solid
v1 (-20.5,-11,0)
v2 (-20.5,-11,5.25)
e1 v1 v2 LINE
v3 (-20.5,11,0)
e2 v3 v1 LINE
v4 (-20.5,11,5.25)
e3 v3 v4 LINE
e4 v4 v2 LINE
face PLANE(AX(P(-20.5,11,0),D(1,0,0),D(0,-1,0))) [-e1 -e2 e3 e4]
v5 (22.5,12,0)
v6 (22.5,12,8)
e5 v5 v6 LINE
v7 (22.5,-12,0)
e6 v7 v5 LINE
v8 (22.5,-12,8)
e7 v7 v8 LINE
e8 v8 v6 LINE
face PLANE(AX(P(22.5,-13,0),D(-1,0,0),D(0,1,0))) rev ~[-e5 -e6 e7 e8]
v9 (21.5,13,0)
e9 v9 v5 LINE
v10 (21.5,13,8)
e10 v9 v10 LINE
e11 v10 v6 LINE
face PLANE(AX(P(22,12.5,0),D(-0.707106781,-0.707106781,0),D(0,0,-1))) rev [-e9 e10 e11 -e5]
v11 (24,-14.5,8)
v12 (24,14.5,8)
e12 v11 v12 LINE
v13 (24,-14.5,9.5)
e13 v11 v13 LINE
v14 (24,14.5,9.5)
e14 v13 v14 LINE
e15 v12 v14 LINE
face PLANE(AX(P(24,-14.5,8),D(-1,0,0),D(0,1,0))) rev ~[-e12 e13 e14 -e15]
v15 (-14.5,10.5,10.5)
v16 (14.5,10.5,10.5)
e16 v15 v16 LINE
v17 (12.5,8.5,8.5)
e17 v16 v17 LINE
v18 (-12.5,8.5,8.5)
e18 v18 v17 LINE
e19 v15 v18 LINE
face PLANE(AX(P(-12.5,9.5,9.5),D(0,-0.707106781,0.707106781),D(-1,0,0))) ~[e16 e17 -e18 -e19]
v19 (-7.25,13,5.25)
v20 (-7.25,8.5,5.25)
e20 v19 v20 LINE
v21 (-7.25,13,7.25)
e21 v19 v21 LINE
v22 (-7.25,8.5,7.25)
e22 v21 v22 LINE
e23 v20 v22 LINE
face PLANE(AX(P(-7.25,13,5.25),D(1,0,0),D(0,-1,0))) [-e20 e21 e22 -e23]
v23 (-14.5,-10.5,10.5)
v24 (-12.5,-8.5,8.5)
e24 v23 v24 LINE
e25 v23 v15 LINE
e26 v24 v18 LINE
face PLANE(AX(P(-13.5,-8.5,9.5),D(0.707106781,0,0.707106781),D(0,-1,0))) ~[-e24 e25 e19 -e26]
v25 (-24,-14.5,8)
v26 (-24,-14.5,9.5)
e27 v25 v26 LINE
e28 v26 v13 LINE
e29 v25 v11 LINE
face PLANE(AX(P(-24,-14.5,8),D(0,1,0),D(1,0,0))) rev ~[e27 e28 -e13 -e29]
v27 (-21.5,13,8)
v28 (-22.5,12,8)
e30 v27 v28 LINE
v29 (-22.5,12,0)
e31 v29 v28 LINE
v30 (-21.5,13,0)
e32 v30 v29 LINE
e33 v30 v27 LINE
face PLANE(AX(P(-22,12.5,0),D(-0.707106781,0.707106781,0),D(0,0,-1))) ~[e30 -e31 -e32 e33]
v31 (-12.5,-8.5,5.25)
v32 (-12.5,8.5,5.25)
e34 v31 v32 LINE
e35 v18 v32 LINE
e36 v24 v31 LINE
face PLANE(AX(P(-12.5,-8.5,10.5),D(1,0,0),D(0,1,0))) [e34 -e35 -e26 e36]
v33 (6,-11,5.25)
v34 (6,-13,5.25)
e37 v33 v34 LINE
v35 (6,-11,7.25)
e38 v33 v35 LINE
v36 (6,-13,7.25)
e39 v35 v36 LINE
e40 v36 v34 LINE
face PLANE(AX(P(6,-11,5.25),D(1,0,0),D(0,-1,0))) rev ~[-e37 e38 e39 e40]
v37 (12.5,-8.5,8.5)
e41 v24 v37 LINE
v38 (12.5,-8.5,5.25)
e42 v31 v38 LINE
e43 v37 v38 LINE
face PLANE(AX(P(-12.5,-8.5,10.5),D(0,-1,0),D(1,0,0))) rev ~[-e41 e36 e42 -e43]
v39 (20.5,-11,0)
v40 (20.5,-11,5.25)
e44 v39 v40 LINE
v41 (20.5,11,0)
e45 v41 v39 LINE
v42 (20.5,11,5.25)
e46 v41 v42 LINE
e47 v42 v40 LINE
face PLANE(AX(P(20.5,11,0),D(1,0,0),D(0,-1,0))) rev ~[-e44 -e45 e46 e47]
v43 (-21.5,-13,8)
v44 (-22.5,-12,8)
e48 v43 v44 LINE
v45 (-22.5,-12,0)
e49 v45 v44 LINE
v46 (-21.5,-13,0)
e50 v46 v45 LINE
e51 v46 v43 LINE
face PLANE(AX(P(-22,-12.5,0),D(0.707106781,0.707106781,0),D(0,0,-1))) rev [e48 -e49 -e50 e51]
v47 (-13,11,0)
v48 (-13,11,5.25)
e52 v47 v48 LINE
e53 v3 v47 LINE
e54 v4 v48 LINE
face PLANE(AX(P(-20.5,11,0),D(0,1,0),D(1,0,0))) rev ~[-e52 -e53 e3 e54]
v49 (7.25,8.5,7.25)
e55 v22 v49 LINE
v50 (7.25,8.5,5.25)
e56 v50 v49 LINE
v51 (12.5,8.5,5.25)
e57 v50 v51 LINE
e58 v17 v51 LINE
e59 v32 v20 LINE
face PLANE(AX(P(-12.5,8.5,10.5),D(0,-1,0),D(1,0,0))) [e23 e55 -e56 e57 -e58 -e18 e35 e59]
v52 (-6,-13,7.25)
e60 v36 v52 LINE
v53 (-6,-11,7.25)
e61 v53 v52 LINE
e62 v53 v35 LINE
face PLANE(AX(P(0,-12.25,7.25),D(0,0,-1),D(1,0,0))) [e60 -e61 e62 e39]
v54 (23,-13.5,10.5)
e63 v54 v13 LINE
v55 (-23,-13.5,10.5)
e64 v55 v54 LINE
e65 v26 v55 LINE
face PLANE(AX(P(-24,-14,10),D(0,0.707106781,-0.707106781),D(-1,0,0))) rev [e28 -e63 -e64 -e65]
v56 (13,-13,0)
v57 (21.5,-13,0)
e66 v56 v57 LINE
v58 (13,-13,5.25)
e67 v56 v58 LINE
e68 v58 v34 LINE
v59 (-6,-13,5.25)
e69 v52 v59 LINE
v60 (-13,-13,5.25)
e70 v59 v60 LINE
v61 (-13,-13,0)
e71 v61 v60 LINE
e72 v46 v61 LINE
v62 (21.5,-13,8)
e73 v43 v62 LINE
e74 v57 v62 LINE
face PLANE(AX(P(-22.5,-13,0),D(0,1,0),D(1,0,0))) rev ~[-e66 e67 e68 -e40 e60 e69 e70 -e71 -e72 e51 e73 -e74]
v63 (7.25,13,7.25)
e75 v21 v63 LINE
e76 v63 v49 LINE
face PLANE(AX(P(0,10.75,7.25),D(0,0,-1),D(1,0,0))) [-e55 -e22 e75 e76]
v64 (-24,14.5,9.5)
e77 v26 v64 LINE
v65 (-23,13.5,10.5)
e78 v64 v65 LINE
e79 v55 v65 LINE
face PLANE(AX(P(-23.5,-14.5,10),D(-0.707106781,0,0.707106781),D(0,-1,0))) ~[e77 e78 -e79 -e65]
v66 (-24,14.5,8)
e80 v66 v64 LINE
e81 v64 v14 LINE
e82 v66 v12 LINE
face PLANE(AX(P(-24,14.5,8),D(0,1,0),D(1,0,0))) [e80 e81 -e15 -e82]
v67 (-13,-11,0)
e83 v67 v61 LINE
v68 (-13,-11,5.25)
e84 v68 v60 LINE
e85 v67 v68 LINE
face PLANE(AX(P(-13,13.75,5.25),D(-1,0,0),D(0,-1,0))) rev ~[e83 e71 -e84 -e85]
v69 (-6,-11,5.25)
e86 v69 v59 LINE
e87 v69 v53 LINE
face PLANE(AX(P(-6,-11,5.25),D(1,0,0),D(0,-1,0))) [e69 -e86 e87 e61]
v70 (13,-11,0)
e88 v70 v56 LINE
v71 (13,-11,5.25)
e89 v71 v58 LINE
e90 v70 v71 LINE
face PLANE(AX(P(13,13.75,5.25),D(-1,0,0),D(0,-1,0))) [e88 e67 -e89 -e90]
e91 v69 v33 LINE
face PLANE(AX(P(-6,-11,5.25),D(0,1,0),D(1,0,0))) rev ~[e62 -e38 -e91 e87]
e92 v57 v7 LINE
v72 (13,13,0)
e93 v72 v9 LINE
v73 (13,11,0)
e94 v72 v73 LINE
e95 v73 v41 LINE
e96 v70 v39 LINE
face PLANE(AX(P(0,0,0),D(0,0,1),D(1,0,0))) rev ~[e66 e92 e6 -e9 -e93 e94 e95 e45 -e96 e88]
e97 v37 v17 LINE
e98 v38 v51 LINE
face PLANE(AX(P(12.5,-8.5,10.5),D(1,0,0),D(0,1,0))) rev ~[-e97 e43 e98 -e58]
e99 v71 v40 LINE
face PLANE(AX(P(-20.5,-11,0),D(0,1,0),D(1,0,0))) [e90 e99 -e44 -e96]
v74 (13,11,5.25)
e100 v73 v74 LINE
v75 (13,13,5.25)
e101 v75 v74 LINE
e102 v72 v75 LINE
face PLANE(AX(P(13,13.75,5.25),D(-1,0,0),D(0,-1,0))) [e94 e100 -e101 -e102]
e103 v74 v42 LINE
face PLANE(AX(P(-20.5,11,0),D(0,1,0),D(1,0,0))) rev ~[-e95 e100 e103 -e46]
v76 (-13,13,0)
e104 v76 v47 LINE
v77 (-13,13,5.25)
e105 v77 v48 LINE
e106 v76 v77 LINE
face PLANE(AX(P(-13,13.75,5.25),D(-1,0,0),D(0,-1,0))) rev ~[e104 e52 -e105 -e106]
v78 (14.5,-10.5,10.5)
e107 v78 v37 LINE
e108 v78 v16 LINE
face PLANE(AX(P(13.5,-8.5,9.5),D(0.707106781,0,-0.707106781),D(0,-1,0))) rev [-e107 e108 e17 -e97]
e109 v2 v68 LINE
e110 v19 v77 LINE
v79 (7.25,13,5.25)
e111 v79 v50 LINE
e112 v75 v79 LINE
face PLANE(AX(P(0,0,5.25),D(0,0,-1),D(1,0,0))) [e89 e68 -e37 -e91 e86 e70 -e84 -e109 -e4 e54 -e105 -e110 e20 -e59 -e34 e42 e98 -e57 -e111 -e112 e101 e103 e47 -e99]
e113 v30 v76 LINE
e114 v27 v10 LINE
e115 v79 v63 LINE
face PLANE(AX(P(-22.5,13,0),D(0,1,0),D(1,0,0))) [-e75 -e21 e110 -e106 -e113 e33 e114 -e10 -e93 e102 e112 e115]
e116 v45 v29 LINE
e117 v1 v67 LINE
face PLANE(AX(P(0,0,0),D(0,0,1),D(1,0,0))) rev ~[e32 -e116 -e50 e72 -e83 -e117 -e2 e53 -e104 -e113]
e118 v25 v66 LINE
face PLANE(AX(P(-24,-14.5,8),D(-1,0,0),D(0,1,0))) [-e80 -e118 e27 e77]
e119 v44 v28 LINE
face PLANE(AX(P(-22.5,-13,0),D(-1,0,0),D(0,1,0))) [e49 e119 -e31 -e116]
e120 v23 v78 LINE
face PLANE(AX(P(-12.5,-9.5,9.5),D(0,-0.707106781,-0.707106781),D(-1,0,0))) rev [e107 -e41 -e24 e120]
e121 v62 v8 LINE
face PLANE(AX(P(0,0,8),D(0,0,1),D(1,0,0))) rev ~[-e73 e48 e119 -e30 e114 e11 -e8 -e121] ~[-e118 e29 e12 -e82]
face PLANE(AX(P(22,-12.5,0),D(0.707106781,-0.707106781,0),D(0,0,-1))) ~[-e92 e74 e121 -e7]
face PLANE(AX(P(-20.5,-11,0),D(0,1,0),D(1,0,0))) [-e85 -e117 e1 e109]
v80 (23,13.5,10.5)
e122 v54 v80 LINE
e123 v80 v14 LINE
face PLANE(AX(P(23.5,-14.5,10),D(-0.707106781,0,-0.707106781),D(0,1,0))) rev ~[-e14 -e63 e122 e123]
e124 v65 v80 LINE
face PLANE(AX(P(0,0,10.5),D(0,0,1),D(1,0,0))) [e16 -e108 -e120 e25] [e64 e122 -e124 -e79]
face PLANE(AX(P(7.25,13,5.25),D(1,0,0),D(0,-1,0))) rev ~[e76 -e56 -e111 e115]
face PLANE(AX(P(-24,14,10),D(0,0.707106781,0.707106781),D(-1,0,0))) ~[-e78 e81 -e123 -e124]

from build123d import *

# Parameters (mm, degrees)
SKETCH_W        = 45
SKETCH_H        = 26
PAD_DEPTH       = 8
SKETCH001_W     = 48
SKETCH001_H     = 29
PAD001_DEPTH    = 2.5
SKETCH002_W     = 25
SKETCH002_H     = 17
POCKET_DEPTH    = 10.501
SKETCH003_W     = 41
SKETCH003_H     = 22
POCKET001_DEPTH = 5.25
SKETCH004_W     = 26
SKETCH004_H     = 27.5
POCKET002_DEPTH = 5.251
SKETCH005_W     = 12
SKETCH005_H     = 2.5
POCKET003_DEPTH = 2
SKETCH006_W     = 14.5
SKETCH006_H     = 4.5
POCKET004_DEPTH = 2
CHAMFER_SIZE    = 1
CHAMFER001_SIZE = 2
CHAMFER002_SIZE = 1


with BuildPart() as part:
    # Sketch → Pad (new body)
    with BuildSketch(Plane.XY):
        Rectangle(SKETCH_W, SKETCH_H)
    extrude(amount=PAD_DEPTH)

    # Sketch001 (on Face6 of Pad) → Pad001 (join)
    with BuildSketch(Plane.XY.offset(8)):
        Rectangle(SKETCH001_W, SKETCH001_H)
    extrude(amount=PAD001_DEPTH)

    # Sketch002 (on Face5 of Pad001) → Pocket (cut, through all)
    with BuildSketch(Plane.XY.offset(10.5)):
        Rectangle(SKETCH002_W, SKETCH002_H)
    extrude(amount=-POCKET_DEPTH, mode=Mode.SUBTRACT)

    # Sketch003 (on Face15 of Pocket) → Pocket001 (cut)
    with BuildSketch(Plane(origin=(0, 0, 0), x_dir=(1, 0, 0), z_dir=(0, 0, -1))):
        Rectangle(SKETCH003_W, SKETCH003_H)
    extrude(amount=-POCKET001_DEPTH, mode=Mode.SUBTRACT)

    # Sketch004 (on Face16 of Pocket001) → Pocket002 (cut, through all)
    with BuildSketch(Plane(origin=(0, 0, 5.25), x_dir=(1, 0, 0), z_dir=(0, 0, -1))):
        Rectangle(SKETCH004_W, SKETCH004_H)
    extrude(amount=POCKET002_DEPTH, mode=Mode.SUBTRACT)

    # Sketch005 (on Face17 of Pocket002) → Pocket003 (cut)
    with BuildSketch(Plane(origin=(0, 0, 5.25), x_dir=(1, 0, 0), z_dir=(0, 0, -1))):
        with Locations((0, 12.25)):
            Rectangle(SKETCH005_W, SKETCH005_H)
    extrude(amount=-POCKET003_DEPTH, mode=Mode.SUBTRACT)

    # Sketch006 (on Face27 of Pocket003) → Pocket004 (cut)
    with BuildSketch(Plane(origin=(0, 0, 5.25), x_dir=(1, 0, 0), z_dir=(0, 0, -1))):
        with Locations((0, -10.75)):
            Rectangle(SKETCH006_W, SKETCH006_H)
    extrude(amount=-POCKET004_DEPTH, mode=Mode.SUBTRACT)

    # Chamfer
    chamfer_edges = [part.edges().sort_by_distance(p)[0] for p in [
        (24, 0, 10.5),
        (0, -14.5, 10.5),
        (0, 14.5, 10.5),
        (-24, 0, 10.5),
    ]]
    chamfer(chamfer_edges, length=CHAMFER_SIZE)

    # Chamfer001
    chamfer001_edges = [part.edges().sort_by_distance(p)[0] for p in [
        (0, 8.5, 10.5),
        (-12.5, 0, 10.5),
        (0, -8.5, 10.5),
        (12.5, 0, 10.5),
    ]]
    chamfer(chamfer001_edges, length=CHAMFER001_SIZE)

    # Chamfer002
    chamfer002_edges = [part.edges().sort_by_distance(p)[0] for p in [
        (-22.5, 13, 4),
        (-22.5, -13, 4),
        (22.5, 13, 4),
        (22.5, -13, 4),
    ]]
    chamfer(chamfer002_edges, length=CHAMFER002_SIZE)


solid = part.part
